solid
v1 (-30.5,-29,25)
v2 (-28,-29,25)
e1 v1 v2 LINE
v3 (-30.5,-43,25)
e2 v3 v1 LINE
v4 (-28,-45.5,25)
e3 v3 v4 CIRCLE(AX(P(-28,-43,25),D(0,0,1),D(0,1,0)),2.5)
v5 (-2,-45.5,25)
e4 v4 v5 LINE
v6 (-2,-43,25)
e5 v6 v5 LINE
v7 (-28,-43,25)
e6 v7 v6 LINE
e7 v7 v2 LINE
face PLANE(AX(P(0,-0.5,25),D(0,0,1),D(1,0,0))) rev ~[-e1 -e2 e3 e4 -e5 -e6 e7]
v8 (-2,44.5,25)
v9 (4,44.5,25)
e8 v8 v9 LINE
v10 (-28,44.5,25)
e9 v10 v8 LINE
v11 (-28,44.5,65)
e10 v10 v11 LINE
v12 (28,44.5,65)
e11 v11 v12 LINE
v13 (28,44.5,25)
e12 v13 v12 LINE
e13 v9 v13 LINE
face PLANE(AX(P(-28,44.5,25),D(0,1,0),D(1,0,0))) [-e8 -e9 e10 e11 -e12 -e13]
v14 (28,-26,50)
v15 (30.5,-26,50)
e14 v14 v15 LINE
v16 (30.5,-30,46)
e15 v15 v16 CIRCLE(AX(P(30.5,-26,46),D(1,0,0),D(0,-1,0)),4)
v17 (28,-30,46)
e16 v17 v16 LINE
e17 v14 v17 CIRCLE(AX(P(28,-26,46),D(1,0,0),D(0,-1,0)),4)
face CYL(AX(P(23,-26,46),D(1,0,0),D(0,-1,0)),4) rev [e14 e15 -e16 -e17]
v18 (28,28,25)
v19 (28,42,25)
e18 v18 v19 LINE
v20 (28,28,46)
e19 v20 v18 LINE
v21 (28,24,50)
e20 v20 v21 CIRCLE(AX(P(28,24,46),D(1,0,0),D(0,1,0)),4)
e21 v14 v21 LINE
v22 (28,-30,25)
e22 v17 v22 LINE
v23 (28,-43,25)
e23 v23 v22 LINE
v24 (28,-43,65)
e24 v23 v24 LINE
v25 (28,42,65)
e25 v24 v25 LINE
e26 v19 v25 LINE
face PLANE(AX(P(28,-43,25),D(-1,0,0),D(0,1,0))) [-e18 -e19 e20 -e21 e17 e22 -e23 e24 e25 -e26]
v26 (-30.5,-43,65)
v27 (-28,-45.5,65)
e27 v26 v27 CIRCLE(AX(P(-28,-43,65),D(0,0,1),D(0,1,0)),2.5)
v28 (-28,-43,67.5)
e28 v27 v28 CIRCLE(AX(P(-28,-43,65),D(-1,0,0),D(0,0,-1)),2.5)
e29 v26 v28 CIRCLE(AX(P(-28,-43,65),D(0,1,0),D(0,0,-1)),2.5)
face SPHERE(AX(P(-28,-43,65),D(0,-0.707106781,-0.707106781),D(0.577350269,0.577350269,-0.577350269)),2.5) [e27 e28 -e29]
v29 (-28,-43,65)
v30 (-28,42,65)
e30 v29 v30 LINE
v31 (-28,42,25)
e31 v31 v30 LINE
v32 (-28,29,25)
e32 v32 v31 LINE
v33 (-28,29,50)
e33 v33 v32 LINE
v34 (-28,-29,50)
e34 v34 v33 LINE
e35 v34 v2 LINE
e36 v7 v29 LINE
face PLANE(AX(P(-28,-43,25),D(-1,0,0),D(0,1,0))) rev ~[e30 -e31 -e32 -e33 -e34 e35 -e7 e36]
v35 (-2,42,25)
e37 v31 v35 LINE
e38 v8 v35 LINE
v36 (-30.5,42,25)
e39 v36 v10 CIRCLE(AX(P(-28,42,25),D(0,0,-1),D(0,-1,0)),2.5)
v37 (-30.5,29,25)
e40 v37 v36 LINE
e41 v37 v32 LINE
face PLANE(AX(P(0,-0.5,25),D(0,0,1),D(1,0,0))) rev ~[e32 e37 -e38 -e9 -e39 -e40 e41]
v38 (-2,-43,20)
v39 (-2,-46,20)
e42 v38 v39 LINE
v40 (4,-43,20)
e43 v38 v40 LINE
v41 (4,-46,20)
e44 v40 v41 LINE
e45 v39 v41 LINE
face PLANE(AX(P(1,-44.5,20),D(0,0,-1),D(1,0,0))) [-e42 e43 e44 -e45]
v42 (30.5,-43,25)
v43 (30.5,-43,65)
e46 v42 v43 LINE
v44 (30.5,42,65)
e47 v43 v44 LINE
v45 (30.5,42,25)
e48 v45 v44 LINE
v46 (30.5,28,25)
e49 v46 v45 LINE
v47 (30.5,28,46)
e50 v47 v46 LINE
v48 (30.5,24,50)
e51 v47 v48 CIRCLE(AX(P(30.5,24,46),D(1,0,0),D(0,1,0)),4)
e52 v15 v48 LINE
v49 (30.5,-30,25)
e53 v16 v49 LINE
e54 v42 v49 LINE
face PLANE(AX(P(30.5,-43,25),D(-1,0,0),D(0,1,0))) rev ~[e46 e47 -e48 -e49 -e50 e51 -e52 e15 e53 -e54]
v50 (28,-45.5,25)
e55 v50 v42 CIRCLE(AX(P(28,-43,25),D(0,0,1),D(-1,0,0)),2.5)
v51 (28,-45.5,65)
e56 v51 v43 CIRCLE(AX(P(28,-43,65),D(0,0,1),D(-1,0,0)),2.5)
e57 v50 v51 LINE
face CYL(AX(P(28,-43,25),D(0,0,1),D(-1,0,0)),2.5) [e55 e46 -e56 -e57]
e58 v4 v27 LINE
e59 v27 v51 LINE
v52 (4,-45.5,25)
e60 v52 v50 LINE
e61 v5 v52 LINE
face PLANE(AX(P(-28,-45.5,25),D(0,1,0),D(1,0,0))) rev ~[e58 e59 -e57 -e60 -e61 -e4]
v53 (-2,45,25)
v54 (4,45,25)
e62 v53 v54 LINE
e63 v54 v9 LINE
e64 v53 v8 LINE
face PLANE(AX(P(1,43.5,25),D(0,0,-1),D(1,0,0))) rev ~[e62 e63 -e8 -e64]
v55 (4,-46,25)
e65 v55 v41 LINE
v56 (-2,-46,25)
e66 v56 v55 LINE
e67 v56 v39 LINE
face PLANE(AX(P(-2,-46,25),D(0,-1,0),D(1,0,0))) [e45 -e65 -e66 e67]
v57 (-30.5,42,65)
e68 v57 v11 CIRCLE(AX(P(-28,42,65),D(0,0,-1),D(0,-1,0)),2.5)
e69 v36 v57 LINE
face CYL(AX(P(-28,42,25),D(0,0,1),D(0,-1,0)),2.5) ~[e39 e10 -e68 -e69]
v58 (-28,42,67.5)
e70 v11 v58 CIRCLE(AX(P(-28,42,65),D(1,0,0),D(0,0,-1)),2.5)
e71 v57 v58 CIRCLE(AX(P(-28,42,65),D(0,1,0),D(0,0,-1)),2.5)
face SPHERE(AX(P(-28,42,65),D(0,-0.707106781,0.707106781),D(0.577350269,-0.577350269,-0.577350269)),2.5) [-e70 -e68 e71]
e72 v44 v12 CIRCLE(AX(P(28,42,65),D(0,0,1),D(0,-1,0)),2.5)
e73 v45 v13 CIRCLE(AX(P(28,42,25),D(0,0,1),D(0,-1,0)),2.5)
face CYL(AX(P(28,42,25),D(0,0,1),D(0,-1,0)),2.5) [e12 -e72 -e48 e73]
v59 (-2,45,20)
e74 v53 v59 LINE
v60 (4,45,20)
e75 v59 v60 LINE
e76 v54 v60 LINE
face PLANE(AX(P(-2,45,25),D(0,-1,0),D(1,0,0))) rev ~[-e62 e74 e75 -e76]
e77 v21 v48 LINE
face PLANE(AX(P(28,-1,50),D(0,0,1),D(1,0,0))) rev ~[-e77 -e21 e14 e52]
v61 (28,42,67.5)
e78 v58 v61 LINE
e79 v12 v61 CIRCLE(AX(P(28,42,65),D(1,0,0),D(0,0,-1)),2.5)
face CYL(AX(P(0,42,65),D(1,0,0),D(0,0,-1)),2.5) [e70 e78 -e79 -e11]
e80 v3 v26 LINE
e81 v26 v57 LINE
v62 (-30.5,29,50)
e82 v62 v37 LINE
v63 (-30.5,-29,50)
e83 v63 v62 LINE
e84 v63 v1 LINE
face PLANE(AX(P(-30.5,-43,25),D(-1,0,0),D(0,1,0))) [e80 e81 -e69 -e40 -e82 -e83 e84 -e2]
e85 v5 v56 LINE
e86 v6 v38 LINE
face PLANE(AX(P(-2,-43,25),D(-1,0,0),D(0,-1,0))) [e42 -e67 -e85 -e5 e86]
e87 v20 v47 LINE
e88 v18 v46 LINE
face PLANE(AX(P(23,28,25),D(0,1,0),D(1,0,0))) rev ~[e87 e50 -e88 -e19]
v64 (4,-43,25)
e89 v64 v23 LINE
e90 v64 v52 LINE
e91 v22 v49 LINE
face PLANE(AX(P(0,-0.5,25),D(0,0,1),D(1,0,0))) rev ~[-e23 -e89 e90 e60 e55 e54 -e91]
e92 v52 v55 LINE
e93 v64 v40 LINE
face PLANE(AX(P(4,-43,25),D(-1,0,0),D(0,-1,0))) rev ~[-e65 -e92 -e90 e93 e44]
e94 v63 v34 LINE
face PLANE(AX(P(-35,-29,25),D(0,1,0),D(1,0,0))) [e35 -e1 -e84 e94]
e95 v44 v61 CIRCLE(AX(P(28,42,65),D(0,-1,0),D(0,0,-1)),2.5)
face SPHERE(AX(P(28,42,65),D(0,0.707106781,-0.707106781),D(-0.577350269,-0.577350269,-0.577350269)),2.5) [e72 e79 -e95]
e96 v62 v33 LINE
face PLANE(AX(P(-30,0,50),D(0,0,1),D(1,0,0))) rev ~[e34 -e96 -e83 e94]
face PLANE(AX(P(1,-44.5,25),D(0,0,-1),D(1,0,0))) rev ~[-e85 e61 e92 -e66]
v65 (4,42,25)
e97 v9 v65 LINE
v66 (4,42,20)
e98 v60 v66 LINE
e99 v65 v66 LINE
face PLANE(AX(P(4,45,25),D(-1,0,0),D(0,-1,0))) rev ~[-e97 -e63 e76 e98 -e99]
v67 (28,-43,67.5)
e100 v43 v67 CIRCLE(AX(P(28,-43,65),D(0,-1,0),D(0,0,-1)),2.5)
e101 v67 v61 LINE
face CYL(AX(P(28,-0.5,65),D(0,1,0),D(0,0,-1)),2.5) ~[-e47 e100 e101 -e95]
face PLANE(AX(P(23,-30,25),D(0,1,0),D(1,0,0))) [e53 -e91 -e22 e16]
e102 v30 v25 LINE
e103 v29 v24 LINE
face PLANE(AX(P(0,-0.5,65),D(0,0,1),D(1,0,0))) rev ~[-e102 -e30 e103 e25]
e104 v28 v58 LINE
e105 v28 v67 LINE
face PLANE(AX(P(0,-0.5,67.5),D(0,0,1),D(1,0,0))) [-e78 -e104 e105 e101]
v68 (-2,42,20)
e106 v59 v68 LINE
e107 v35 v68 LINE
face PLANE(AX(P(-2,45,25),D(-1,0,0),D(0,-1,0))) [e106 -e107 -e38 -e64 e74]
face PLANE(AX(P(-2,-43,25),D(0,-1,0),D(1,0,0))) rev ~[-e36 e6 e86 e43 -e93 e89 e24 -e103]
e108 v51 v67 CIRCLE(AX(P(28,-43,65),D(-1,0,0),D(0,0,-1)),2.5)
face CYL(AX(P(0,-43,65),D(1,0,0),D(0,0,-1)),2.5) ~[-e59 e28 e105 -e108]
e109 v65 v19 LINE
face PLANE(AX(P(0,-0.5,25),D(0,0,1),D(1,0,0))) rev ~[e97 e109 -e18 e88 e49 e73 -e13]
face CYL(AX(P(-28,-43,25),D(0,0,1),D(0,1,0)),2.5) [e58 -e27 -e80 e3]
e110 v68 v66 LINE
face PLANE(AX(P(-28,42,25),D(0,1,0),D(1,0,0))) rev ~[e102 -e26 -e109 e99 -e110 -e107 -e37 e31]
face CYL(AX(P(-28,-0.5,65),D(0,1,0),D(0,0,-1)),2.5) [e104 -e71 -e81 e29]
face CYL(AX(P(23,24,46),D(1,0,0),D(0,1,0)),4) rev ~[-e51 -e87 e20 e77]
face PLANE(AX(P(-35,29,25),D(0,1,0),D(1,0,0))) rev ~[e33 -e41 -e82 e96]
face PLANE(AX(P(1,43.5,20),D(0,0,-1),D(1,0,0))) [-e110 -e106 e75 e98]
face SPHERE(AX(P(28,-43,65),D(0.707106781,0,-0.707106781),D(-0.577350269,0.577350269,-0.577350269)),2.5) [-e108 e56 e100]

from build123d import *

# Parameters (mm, degrees)
BOX038_W     = 10
BOX038_H     = 58
BOX038_DEPTH = 25
FILLET007_R  = 4
BOX035_W     = 10
BOX035_H     = 58
BOX035_DEPTH = 25
BOX034_W     = 56
BOX034_H     = 85
BOX034_DEPTH = 40
THICKNESS_T  = 2.5
SKETCH_W     = 6
SKETCH_H     = 3
PAD006_DEPTH = 5


with BuildPart() as fillet007:
    # Box038 → Box038 (new body)
    with BuildSketch(Plane(origin=(23, -30, 25), x_dir=(1, 0, 0), z_dir=(0, 0, 1))):
        with Locations((5, 29)):
            Rectangle(BOX038_W, BOX038_H)
    extrude(amount=BOX038_DEPTH)

    # Fillet007
    fillet007_edges = [fillet007.edges().sort_by_distance(p)[0] for p in [
        (28, -30, 50),
        (28, 28, 50),
    ]]
    fillet(fillet007_edges, radius=FILLET007_R)


with BuildPart() as cubo029:
    # Box035 → Box035 (new body)
    with BuildSketch(Plane(origin=(-36, -30, 25), x_dir=(1, 0, 0), z_dir=(0, 0, 1))):
        with Locations((5, 29)):
            Rectangle(BOX035_W, BOX035_H)
    extrude(amount=BOX035_DEPTH)


with BuildPart() as cubiertarobot:
    # Box034 → Box034 (new body)
    with BuildSketch(Plane(origin=(-31, -46, 38), x_dir=(1, 0, 0), z_dir=(0, 0, 1))):
        with Locations((28, 42.5)):
            Rectangle(BOX034_W, BOX034_H)
    extrude(amount=BOX034_DEPTH)

    # Thickness
    thickness_openings = [cubiertarobot.faces().sort_by_distance(p)[0] for p in [
        (-3, -3.5, 38),
    ]]
    offset(amount=THICKNESS_T, openings=thickness_openings)


with BuildPart() as cubiertarobot_1:
    # Thickness placement: moved
    add(cubiertarobot.part.moved(Location((2, 2, -13))))

    # Cut045: cut Cubo029
    add(cubo029.part, mode=Mode.SUBTRACT)


with BuildPart() as cubiertarobot_2:
    # Cut045 placement: moved
    add(cubiertarobot_1.part.moved(Location((1, 1, 0))))

    # Sketch → Pad006 (new body)
    with BuildSketch(Plane(origin=(1, 1, 25), x_dir=(1, 0, 0), z_dir=(0, 0, -1))):
        with Locations((0, 45.5)):
            Rectangle(SKETCH_W, SKETCH_H)
        with Locations((0, -42.5)):
            Rectangle(SKETCH_W, SKETCH_H)
    extrude(amount=PAD006_DEPTH)

    # Cut048: cut Fillet007
    add(fillet007.part, mode=Mode.SUBTRACT)


solid = cubiertarobot_2.part
